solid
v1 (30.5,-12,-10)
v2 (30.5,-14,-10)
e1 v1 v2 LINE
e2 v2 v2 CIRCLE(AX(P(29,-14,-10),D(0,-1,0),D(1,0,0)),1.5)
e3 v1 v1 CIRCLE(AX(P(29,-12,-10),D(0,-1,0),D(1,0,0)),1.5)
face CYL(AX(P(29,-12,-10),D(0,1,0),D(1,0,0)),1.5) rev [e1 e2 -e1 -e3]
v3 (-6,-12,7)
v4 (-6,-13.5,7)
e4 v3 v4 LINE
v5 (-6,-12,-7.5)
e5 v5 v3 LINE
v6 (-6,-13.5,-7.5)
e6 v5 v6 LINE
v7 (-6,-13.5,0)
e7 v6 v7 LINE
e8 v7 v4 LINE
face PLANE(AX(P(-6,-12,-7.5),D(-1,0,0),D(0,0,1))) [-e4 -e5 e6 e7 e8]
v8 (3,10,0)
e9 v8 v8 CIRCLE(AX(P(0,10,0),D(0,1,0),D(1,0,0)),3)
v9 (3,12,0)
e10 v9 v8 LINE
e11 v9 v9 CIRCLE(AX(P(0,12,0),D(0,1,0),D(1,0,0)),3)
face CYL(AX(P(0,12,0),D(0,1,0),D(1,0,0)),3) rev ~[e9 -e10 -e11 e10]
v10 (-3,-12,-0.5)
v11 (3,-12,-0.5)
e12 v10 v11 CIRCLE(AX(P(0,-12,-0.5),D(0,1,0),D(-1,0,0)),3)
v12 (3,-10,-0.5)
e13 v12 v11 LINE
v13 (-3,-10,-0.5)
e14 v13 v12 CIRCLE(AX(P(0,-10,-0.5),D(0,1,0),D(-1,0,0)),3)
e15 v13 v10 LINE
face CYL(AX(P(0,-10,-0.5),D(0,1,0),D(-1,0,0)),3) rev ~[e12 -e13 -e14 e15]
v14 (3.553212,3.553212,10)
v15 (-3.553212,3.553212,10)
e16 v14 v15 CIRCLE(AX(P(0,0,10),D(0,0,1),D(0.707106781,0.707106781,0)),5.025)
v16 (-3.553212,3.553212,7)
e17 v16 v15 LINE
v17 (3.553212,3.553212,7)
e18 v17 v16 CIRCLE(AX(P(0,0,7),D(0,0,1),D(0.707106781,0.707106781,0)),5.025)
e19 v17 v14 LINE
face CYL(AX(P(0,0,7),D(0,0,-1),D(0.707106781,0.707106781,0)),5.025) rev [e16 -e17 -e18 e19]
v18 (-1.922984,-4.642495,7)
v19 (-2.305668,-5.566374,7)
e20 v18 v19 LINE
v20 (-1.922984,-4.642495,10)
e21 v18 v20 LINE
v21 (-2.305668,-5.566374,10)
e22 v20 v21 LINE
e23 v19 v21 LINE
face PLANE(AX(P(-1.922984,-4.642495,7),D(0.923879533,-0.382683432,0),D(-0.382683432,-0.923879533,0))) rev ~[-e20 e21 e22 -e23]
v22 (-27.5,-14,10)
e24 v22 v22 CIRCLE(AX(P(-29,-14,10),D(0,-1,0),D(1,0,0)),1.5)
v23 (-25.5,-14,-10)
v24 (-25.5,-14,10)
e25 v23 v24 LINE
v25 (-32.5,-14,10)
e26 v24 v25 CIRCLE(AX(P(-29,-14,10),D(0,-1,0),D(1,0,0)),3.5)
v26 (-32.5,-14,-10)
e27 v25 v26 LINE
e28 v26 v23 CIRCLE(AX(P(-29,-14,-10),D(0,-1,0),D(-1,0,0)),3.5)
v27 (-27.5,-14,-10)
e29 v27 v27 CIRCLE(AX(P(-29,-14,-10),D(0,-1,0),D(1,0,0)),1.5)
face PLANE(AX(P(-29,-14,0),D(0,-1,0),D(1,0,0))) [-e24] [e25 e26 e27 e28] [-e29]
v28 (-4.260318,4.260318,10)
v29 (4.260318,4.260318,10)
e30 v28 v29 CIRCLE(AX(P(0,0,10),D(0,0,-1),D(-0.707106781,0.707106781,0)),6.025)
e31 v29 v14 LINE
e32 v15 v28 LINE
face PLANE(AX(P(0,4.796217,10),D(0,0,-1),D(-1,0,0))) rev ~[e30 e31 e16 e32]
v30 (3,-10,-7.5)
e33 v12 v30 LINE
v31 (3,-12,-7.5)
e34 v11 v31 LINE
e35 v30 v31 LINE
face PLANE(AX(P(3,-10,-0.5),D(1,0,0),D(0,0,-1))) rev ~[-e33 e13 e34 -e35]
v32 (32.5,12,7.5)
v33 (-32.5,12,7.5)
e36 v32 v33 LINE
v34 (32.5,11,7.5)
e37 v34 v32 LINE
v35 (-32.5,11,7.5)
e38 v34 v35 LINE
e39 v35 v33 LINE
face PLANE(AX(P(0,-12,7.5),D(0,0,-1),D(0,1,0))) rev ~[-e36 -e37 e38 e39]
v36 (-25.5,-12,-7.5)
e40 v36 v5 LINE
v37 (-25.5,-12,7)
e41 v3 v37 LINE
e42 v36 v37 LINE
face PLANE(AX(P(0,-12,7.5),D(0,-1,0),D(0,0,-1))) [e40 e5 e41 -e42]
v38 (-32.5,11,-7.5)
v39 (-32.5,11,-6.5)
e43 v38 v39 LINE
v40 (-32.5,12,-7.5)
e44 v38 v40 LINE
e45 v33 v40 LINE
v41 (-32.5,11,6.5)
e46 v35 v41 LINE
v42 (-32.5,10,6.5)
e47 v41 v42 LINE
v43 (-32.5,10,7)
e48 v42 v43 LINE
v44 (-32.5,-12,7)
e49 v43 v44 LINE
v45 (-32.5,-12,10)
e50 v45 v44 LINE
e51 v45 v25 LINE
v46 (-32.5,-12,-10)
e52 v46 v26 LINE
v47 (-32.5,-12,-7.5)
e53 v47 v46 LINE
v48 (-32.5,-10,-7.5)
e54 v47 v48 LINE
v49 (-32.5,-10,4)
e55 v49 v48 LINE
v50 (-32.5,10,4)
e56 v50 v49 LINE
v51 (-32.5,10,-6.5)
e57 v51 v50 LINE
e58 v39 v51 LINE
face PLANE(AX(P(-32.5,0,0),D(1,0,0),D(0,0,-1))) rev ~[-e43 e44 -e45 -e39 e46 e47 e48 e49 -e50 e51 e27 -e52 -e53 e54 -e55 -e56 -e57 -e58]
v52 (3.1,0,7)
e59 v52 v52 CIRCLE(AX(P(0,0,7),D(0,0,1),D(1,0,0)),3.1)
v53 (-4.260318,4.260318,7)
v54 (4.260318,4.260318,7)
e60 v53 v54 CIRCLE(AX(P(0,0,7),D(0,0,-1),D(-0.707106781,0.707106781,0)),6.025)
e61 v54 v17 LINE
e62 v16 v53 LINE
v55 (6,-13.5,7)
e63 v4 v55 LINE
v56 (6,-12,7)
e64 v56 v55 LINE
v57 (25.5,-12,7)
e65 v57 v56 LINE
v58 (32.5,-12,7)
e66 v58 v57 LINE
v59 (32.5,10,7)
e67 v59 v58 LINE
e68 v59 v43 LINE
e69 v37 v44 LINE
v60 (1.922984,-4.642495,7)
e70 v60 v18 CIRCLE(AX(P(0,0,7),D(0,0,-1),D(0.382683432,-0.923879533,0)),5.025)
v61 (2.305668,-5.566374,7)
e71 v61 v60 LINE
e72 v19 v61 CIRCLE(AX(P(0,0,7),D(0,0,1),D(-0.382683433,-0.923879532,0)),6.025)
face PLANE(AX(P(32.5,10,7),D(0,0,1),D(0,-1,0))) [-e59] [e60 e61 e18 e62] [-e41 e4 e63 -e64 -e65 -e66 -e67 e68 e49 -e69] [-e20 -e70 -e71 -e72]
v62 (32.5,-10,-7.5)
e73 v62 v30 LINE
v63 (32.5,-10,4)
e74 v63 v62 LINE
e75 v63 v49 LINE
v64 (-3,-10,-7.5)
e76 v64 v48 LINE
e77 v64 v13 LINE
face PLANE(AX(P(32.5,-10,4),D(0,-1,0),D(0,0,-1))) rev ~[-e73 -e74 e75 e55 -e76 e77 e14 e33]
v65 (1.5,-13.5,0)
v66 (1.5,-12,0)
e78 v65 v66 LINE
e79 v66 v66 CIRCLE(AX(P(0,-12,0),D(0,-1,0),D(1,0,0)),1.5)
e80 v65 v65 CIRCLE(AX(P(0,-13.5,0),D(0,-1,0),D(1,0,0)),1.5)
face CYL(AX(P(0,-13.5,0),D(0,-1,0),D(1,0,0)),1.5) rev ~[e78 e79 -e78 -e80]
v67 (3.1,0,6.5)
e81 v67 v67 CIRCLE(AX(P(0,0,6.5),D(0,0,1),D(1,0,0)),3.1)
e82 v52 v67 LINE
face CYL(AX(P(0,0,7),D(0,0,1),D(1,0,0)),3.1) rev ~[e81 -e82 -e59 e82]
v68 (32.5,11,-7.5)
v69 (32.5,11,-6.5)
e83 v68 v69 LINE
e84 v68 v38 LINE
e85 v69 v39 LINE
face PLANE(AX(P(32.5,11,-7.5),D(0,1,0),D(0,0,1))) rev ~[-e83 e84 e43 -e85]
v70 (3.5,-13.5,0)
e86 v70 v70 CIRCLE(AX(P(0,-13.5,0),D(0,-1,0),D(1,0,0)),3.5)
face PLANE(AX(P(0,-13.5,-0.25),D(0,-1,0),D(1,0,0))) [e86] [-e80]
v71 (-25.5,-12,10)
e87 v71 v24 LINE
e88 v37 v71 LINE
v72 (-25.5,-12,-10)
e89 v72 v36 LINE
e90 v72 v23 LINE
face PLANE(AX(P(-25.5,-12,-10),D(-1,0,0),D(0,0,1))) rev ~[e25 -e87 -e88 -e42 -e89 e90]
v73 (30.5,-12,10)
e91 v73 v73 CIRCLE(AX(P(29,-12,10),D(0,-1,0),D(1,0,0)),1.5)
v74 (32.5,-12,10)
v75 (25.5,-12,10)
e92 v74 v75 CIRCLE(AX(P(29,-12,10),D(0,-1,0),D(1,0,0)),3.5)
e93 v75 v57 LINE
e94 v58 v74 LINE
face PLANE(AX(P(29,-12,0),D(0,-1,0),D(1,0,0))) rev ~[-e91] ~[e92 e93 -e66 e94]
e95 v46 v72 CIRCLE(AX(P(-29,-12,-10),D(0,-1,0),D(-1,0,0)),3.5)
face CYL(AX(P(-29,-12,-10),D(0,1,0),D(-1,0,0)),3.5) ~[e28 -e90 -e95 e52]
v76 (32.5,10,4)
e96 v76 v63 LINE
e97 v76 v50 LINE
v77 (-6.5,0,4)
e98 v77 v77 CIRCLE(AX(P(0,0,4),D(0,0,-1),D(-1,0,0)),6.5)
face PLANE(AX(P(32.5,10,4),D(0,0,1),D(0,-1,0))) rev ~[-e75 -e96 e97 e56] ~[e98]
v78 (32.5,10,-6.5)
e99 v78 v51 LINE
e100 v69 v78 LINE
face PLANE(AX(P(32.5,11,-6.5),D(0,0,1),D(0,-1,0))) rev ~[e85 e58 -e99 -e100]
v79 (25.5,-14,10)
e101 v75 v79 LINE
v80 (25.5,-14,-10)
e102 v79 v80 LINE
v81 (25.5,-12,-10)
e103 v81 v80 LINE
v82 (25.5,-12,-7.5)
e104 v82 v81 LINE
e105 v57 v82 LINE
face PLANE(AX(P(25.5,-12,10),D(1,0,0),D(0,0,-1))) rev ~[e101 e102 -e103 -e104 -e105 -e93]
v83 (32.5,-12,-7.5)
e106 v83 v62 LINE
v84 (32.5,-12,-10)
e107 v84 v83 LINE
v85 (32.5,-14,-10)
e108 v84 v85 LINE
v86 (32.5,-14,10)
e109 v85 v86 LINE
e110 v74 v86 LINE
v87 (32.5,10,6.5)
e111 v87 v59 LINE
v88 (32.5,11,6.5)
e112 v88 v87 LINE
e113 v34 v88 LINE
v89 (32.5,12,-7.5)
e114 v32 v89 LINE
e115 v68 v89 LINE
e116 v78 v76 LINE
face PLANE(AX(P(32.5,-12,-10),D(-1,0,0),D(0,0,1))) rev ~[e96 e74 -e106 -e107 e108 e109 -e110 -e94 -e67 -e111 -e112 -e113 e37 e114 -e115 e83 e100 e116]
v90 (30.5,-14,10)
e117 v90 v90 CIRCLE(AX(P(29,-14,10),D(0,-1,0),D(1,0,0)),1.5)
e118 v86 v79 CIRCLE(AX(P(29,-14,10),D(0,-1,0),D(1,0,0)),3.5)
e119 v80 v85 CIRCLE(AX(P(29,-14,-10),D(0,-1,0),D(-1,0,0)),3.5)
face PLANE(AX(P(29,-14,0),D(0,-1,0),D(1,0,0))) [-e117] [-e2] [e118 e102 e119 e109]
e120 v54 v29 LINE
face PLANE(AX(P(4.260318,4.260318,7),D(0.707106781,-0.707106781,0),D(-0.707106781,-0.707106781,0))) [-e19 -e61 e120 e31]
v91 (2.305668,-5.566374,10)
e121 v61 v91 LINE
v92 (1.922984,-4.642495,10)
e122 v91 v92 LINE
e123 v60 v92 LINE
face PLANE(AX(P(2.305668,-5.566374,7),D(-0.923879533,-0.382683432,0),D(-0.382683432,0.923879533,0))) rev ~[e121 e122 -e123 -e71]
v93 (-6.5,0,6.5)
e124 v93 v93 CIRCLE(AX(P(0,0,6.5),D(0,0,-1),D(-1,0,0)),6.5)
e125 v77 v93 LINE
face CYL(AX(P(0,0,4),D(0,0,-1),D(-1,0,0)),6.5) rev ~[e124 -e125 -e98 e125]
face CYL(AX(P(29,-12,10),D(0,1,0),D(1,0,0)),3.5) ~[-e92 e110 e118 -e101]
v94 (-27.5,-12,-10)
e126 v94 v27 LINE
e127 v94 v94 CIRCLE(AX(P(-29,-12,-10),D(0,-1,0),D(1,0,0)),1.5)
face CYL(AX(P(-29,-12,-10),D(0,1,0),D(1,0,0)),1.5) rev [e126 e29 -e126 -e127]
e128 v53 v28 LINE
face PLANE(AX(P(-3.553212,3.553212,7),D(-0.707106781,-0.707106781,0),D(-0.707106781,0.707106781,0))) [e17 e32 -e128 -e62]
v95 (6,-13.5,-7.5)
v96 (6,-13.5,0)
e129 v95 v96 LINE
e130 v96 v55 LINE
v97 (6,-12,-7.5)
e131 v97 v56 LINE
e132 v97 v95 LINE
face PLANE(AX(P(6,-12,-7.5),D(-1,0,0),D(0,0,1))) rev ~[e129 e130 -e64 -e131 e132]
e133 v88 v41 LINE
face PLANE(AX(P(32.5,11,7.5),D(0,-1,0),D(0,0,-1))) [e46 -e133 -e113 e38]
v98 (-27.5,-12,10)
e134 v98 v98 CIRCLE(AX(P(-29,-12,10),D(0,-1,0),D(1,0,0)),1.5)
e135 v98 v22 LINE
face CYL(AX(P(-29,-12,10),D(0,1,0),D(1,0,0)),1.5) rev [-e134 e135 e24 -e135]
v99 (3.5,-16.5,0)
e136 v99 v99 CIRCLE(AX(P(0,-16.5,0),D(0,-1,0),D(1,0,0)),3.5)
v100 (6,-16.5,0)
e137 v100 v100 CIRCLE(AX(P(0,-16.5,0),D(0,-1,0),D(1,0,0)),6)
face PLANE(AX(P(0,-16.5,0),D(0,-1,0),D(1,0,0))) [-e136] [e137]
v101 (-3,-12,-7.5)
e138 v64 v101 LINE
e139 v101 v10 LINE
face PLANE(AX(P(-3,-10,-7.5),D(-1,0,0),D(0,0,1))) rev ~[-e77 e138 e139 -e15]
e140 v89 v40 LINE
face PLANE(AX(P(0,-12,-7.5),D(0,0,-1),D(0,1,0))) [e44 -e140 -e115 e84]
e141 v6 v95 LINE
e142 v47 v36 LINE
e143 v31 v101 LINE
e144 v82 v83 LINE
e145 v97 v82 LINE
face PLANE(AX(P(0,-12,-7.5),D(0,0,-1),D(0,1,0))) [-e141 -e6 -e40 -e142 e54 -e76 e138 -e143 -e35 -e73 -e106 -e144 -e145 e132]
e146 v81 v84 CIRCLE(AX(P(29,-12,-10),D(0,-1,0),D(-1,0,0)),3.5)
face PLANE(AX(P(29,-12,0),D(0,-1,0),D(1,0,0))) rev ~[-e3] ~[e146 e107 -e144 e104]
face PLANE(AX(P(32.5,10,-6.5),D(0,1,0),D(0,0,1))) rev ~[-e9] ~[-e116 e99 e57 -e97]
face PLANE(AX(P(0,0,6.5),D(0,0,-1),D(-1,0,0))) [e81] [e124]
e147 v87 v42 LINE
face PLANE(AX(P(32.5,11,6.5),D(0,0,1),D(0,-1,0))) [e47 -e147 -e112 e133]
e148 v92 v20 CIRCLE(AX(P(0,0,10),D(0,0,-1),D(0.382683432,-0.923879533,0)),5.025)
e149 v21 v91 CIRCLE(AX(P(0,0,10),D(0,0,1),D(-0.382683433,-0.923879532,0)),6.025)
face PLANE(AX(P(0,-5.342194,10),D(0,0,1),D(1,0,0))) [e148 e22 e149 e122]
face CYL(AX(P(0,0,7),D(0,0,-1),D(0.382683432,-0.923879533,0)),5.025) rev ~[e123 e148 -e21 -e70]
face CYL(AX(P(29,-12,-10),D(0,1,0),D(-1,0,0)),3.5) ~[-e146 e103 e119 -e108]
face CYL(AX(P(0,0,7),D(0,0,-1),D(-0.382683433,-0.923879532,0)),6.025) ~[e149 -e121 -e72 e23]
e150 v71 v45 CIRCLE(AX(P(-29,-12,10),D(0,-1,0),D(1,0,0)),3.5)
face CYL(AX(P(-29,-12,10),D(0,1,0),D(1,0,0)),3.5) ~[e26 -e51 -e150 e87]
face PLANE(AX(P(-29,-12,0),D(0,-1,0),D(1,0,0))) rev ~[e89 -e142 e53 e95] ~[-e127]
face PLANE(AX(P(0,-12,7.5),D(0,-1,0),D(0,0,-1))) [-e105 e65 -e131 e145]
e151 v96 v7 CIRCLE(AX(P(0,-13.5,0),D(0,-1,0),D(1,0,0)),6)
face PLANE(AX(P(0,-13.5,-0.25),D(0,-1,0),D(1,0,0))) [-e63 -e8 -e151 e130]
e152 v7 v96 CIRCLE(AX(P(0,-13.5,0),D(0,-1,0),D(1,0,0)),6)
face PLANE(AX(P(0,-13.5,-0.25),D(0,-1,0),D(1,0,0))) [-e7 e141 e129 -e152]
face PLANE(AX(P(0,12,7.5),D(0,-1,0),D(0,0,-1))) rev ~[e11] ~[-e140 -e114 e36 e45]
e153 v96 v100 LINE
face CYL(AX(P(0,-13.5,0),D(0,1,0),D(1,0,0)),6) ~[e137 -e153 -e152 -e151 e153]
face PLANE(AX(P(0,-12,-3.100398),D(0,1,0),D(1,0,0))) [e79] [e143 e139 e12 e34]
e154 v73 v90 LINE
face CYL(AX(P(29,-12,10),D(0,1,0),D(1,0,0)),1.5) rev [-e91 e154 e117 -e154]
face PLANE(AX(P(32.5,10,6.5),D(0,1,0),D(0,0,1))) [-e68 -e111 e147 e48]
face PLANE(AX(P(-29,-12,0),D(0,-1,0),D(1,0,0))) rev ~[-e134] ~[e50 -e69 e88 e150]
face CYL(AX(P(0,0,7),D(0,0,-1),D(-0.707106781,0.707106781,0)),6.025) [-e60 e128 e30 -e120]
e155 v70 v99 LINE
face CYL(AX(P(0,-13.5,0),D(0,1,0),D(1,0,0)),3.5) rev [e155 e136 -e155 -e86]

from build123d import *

# Parameters (mm, degrees)
SALIENTE_EXTRUIR1_DEPTH      = 32.5
SALIENTE_EXTRUIR1_DEPTH_BACK = 32.5
CROQUIS1_W                   = 15
CROQUIS1_H                   = 24
CORTAR_EXTRUIR1_DEPTH        = 65.5
CORTAR_EXTRUIR2_DEPTH        = 65.5
SALIENTE_EXTRUIR2_DEPTH      = 3
CROQUIS5_R                   = 3.1
CORTAR_EXTRUIR3_DEPTH        = 3
CROQUIS6_R                   = 6.5
CORTAR_EXTRUIR5_DEPTH        = 2.5
CROQUIS7_W                   = 12
CROQUIS7_H                   = 14.5
SALIENTE_EXTRUIR3_DEPTH      = 1.5
CROQUIS8_R                   = 6
CROQUIS8_R_2                 = 3.5
SALIENTE_EXTRUIR4_DEPTH      = 3
CORTAR_EXTRUIR6_DEPTH        = 2
CROQUIS10_R                  = 1.5
CORTAR_EXTRUIR7_DEPTH        = 2
CROQUIS11_R                  = 3
CORTAR_EXTRUIR8_DEPTH        = 2
CROQUIS12_R                  = 1.5
SALIENTE_EXTRUIR5_DEPTH      = 2


with BuildPart() as part:
    # Croquis1 → Saliente-Extruir1 (new, two sides: drawn at the far end of the back side and taken through both)
    with BuildSketch(Plane(origin=(0, 0, 0), x_dir=(0, 0, -1), z_dir=(1, 0, 0)).offset(-SALIENTE_EXTRUIR1_DEPTH_BACK)):
        Rectangle(CROQUIS1_W, CROQUIS1_H)
    extrude(amount=SALIENTE_EXTRUIR1_DEPTH + SALIENTE_EXTRUIR1_DEPTH_BACK)

    # Croquis2 → Cortar-Extruir1 (cut)
    with BuildSketch(Plane(origin=(32.5, 0, 0), x_dir=(0, 0, -1), z_dir=(1, 0, 0))):
        Polygon((-7.5, 11), (-6.5, 11), (-6.5, 10), (-7, 10), (-7, -12), (-7.5, -12), align=None)
    extrude(amount=-CORTAR_EXTRUIR1_DEPTH, mode=Mode.SUBTRACT)

    # Croquis3 → Cortar-Extruir2 (cut)
    with BuildSketch(Plane(origin=(32.5, 0, 0), x_dir=(0, 0, -1), z_dir=(1, 0, 0))):
        Polygon((7.5, 11), (6.5, 11), (6.5, 10), (-4, 10), (-4, -10), (7.5, -10), align=None)
    extrude(amount=-CORTAR_EXTRUIR2_DEPTH, mode=Mode.SUBTRACT)

    # Croquis4 → Saliente-Extruir2 (add)
    with BuildSketch(Plane.XY.offset(7)):
        with BuildLine():
            Line((-3.553211575, 3.553211575), (-4.260318357, 4.260318357))
            ThreePointArc((-4.260318357, 4.260318357), (0, 6.025), (4.260318357, 4.260318357))
            Line((4.260318357, 4.260318357), (3.553211575, 3.553211575))
            ThreePointArc((3.553211575, 3.553211575), (0, 5.025), (-3.553211575, 3.553211575))
        make_face()
        with BuildLine():
            Line((-1.922984248, -4.642494651), (-2.30566768, -5.566374183))
            ThreePointArc((-2.30566768, -5.566374183), (0, -6.025), (2.30566768, -5.566374183))
            Line((2.30566768, -5.566374183), (1.922984248, -4.642494651))
            ThreePointArc((1.922984248, -4.642494651), (0, -5.025), (-1.922984248, -4.642494651))
        make_face()
    extrude(amount=SALIENTE_EXTRUIR2_DEPTH)

    # Croquis5 → Cortar-Extruir3 (cut)
    with BuildSketch(Plane.XY.offset(7)):
        Circle(CROQUIS5_R)
    extrude(amount=-CORTAR_EXTRUIR3_DEPTH, mode=Mode.SUBTRACT)

    # Croquis6 → Cortar-Extruir5 (cut)
    with BuildSketch(Plane(origin=(0, 0, 4), x_dir=(-1, 0, 0), z_dir=(0, 0, -1))):
        Circle(CROQUIS6_R)
    extrude(amount=-CORTAR_EXTRUIR5_DEPTH, mode=Mode.SUBTRACT)

    # Croquis7 → Saliente-Extruir3 (add)
    with BuildSketch(Plane.XZ.offset(12)):
        with Locations((0, -0.25)):
            Rectangle(CROQUIS7_W, CROQUIS7_H)
    extrude(amount=SALIENTE_EXTRUIR3_DEPTH)

    # Croquis8 → Saliente-Extruir4 (add)
    with BuildSketch(Plane.XZ.offset(13.5)):
        Circle(CROQUIS8_R)
        Circle(CROQUIS8_R_2, mode=Mode.SUBTRACT)
    extrude(amount=SALIENTE_EXTRUIR4_DEPTH)

    # Croquis9 → Cortar-Extruir6 (cut)
    with BuildSketch(Plane(origin=(0, -10, 0), x_dir=(1, 0, 0), z_dir=(0, 1, 0))):
        with BuildLine():
            Line((3, 7.5), (-3, 7.5))
            Line((-3, 7.5), (-3, 0.5))
            ThreePointArc((-3, 0.5), (0, -2.5), (3, 0.5))
            Line((3, 0.5), (3, 7.5))
        make_face()
    extrude(amount=-CORTAR_EXTRUIR6_DEPTH, mode=Mode.SUBTRACT)

    # Croquis10 → Cortar-Extruir7 (cut)
    with BuildSketch(Plane.XZ.offset(13.5)):
        Circle(CROQUIS10_R)
    extrude(amount=-CORTAR_EXTRUIR7_DEPTH, mode=Mode.SUBTRACT)

    # Croquis11 → Cortar-Extruir8 (cut)
    with BuildSketch(Plane(origin=(0, 12, 0), x_dir=(1, 0, 0), z_dir=(0, 1, 0))):
        Circle(CROQUIS11_R)
    extrude(amount=-CORTAR_EXTRUIR8_DEPTH, mode=Mode.SUBTRACT)

    # Croquis12 → Saliente-Extruir5 (add)
    # profile 1 of 2: a face of its own
    with BuildSketch(Plane.XZ.offset(12)):
        with BuildLine():
            Line((32.5, -10), (32.5, 10))
            ThreePointArc((32.5, 10), (29, 13.5), (25.5, 10))
            Line((25.5, 10), (25.5, -10))
            ThreePointArc((25.5, -10), (29, -13.5), (32.5, -10))
        make_face()
        with Locations((29, 10)):
            Circle(CROQUIS12_R, mode=Mode.SUBTRACT)
        with Locations((29, -10)):
            Circle(CROQUIS12_R, mode=Mode.SUBTRACT)
    # profile 2 of 2: a face of its own
    with BuildSketch(Plane.XZ.offset(12)):
        with BuildLine():
            Line((-25.5, -10), (-25.5, 10))
            ThreePointArc((-25.5, 10), (-29, 13.5), (-32.5, 10))
            Line((-32.5, 10), (-32.5, -10))
            ThreePointArc((-32.5, -10), (-29, -13.5), (-25.5, -10))
        make_face()
        with Locations((-29, 10)):
            Circle(CROQUIS12_R, mode=Mode.SUBTRACT)
        with Locations((-29, -10)):
            Circle(CROQUIS12_R, mode=Mode.SUBTRACT)
    extrude(amount=SALIENTE_EXTRUIR5_DEPTH)


solid = part.part
